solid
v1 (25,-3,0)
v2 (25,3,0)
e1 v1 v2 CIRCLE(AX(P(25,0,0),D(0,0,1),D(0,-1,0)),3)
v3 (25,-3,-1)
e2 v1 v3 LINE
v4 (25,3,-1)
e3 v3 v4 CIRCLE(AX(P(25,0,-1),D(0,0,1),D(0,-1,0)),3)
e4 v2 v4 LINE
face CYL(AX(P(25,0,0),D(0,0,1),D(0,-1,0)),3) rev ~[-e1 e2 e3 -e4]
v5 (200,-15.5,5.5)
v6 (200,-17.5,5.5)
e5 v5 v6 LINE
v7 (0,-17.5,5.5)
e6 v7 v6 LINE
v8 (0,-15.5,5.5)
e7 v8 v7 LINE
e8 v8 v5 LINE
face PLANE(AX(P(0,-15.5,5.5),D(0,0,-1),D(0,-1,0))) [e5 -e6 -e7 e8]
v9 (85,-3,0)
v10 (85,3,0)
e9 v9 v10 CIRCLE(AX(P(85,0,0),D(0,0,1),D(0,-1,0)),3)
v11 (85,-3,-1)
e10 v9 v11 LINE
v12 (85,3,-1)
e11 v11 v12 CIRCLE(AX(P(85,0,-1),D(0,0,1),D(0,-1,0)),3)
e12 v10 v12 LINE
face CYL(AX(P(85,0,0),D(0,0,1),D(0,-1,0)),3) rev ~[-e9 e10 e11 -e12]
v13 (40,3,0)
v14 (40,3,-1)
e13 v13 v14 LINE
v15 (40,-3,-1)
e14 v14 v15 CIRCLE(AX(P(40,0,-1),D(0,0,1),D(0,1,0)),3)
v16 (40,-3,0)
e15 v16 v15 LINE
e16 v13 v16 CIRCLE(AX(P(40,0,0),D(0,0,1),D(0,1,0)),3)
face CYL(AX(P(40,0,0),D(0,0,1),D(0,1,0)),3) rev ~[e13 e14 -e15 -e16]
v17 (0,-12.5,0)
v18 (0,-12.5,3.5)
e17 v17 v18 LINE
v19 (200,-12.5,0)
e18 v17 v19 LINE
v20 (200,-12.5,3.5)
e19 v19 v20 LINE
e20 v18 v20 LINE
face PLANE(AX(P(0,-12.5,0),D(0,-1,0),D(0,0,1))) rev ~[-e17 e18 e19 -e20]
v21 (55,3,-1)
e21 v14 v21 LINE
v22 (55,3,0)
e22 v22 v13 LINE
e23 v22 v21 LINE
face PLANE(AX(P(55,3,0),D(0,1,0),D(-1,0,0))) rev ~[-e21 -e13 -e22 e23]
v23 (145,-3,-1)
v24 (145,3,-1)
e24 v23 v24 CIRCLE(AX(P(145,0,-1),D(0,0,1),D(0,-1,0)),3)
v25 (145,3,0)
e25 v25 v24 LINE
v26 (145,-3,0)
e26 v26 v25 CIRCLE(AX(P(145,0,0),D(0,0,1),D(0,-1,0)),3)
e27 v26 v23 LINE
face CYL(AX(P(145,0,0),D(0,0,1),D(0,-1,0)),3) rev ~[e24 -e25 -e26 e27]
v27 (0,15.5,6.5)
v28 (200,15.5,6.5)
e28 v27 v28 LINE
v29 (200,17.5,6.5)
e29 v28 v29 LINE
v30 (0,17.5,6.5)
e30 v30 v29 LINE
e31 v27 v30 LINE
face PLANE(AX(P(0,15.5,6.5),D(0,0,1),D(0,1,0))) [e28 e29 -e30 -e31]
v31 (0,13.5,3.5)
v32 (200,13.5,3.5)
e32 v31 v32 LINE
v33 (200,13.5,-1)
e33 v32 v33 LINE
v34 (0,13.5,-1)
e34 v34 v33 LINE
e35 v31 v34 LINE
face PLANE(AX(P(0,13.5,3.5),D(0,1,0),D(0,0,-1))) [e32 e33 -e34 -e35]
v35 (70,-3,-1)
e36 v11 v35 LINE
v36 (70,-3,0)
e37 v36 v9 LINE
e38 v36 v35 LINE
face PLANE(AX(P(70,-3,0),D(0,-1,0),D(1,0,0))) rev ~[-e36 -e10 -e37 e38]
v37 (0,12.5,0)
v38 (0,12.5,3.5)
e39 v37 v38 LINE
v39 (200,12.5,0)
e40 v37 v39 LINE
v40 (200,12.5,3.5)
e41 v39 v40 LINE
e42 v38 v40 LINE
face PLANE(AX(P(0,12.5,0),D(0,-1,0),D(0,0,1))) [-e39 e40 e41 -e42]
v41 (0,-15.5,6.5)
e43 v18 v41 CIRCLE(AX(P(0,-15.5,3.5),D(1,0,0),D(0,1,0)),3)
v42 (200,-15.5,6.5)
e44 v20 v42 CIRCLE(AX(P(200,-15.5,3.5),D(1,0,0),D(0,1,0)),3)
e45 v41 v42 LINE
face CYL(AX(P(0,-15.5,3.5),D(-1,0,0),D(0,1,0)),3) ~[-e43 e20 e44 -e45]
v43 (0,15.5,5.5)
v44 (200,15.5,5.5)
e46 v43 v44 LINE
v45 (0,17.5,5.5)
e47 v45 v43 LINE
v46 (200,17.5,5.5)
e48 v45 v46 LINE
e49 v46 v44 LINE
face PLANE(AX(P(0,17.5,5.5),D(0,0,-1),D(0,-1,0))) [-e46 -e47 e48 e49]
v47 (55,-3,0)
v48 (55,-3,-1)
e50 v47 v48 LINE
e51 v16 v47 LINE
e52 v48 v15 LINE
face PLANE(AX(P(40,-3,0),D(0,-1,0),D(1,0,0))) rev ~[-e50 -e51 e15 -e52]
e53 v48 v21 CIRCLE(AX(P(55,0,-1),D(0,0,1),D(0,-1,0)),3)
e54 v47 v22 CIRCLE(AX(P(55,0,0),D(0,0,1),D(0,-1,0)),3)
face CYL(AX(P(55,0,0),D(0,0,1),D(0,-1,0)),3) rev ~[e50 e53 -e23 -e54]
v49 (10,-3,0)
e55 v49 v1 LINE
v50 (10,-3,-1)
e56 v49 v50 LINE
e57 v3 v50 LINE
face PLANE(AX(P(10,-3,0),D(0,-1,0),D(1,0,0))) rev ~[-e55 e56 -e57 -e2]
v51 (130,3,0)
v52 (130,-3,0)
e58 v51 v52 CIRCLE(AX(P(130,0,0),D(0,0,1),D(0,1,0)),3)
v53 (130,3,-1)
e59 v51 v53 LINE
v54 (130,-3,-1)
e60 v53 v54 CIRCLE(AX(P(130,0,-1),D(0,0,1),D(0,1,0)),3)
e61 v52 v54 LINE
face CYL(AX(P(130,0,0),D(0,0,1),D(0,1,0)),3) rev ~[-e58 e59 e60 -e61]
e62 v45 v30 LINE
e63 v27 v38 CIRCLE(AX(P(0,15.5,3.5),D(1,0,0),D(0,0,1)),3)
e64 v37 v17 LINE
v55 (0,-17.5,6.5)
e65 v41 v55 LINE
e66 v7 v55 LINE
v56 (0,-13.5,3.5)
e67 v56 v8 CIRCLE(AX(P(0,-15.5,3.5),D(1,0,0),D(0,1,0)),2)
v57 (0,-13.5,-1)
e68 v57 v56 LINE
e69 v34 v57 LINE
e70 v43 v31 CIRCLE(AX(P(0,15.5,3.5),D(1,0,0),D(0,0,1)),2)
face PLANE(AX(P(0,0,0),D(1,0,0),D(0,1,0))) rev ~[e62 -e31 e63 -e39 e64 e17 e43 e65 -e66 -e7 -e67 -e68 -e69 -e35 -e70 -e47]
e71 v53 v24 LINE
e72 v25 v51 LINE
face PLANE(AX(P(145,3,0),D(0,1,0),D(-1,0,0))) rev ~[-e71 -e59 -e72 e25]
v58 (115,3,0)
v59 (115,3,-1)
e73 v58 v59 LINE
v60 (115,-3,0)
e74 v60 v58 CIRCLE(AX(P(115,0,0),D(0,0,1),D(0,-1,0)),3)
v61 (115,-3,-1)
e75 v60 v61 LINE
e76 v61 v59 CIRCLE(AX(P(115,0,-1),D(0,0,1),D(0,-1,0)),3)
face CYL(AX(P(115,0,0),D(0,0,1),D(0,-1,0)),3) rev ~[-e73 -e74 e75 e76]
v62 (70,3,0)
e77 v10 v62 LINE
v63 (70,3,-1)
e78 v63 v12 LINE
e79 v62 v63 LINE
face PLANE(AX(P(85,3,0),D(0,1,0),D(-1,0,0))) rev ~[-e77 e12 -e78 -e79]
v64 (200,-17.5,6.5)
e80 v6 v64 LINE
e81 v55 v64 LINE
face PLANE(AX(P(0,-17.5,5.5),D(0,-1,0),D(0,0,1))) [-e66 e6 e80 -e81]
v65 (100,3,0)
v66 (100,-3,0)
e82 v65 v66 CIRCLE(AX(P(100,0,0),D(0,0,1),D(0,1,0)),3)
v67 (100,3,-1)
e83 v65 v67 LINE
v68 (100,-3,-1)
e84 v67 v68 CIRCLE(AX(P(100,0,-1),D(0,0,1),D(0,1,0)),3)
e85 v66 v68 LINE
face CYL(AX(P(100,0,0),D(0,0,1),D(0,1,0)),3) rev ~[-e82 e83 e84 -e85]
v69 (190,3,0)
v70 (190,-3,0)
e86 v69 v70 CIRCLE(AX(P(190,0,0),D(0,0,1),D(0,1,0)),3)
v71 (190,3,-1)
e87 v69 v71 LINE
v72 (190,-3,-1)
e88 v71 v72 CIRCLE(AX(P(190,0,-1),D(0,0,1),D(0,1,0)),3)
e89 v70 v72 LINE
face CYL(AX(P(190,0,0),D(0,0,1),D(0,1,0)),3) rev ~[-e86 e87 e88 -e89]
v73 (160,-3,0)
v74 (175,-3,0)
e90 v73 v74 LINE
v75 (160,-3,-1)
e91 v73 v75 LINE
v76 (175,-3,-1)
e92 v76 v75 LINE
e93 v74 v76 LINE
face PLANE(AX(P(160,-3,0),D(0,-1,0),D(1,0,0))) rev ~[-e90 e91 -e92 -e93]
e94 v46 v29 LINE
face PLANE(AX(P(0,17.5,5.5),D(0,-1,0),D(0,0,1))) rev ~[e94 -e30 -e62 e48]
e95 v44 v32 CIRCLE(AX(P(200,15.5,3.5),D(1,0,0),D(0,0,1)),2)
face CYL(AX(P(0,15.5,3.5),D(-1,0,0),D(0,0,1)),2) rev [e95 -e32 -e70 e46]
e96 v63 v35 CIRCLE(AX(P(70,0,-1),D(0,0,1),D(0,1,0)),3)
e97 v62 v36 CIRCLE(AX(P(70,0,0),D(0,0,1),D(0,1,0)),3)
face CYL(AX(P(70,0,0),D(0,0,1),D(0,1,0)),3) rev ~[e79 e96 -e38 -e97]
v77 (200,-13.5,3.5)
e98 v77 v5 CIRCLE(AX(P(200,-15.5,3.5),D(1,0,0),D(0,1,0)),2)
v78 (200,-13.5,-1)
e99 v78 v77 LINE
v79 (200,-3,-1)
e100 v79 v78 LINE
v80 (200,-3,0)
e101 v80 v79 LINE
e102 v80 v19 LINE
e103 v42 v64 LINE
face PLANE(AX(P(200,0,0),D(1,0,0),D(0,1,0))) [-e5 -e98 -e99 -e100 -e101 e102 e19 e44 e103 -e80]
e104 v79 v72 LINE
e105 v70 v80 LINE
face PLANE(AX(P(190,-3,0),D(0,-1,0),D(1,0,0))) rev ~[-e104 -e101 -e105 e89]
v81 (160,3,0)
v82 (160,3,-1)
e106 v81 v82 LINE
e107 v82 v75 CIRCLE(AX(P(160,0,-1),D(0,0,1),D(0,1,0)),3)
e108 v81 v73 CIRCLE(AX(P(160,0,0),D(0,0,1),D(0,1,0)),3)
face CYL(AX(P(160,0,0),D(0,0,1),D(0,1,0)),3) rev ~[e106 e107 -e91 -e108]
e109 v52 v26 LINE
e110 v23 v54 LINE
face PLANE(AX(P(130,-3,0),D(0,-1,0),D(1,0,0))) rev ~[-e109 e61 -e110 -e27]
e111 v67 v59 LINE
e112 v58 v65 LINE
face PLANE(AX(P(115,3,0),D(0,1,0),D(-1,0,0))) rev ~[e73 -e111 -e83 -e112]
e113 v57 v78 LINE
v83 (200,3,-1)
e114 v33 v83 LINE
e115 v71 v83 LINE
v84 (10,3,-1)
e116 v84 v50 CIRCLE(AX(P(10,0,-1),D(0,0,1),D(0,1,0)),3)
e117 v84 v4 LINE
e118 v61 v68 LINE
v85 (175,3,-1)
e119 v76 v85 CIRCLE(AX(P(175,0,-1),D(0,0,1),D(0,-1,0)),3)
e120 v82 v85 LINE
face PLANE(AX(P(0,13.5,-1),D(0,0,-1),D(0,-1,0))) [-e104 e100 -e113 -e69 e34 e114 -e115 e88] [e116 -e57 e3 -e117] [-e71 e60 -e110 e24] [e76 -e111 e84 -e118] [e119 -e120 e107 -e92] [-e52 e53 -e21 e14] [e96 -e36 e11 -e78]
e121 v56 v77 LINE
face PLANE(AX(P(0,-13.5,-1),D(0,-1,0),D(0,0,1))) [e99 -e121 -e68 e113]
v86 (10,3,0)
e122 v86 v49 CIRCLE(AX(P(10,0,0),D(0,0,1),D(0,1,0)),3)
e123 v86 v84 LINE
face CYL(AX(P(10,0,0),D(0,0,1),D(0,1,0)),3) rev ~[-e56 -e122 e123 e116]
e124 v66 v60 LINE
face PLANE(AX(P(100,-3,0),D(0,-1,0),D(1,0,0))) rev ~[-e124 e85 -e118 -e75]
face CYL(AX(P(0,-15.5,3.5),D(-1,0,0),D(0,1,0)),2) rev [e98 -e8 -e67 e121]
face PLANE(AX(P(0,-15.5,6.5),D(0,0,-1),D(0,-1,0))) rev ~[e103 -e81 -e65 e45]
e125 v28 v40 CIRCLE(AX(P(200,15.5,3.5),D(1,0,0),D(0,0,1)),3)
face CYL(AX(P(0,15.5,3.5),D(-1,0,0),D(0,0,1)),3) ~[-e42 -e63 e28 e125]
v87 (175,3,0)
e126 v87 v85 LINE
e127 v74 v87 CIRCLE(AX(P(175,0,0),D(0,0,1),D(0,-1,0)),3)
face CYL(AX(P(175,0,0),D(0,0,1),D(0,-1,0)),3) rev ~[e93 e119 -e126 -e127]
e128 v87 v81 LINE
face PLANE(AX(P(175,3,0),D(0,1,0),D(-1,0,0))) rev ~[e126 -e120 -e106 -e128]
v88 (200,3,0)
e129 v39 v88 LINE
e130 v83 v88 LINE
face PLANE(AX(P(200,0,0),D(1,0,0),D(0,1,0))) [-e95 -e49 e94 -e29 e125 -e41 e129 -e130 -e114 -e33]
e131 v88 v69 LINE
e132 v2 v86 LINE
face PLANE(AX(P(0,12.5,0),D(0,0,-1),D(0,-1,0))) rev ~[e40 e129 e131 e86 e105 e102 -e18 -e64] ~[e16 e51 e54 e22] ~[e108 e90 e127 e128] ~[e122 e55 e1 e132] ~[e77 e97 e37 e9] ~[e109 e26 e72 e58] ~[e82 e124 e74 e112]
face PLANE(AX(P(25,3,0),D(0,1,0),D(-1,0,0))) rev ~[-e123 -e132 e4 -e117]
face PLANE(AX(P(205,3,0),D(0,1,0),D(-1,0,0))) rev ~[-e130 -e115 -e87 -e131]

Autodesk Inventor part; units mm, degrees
ref_plane "YZ Plane" through (0, 0, 0) normal (1, 0, 0) x (0, 1, 0)
ref_plane "XZ Plane" through (0, 0, 0) normal (0, 1, 0) x (-1, 0, 0)
ref_plane "XY Plane" through (0, 0, 0) normal (0, 0, 1) x (1, 0, 0)
sketch "Sketch1" plane through (0, 0, 0) normal (1, 0, 0) x (0, 1, 0)
  line L0 (12.5, 0) -> (-12.5, 0)
  line L1 (12.5, 0) -> (12.5, 3.5)
  line L2 (15.5, 6.5) -> (17.5, 6.5)
  line L3 (-12.5, 0) -> (-12.5, 3.5)
  line L4 (-15.5, 6.5) -> (-17.5, 6.5)
  line L5 (17.5, 5.5) -> (15.5, 5.5)
  line L6 (13.5, 3.5) -> (13.5, -1)
  line L7 (13.5, -1) -> (-13.5, -1)
  line L8 (-13.5, -1) -> (-13.5, 3.5)
  line L9 (-15.5, 5.5) -> (-17.5, 5.5)
  line L10 (17.5, 5.5) -> (17.5, 6.5)
  line L11 (-17.5, 5.5) -> (-17.5, 6.5)
  arc A0 (15.5, 5.5) -> (13.5, 3.5) centre (15.5, 3.5) ccw
  arc A1 (15.5, 6.5) -> (12.5, 3.5) centre (15.5, 3.5) ccw
  arc A2 (-12.5, 3.5) -> (-15.5, 6.5) centre (-15.5, 3.5) ccw
  arc A3 (-13.5, 3.5) -> (-15.5, 5.5) centre (-15.5, 3.5) ccw
  point P0 (0, 0)
  point P1 (0, 0)
  dimension "d0" = 25
  dimension "d2" = 1
  dimension "d3" = 35
  dimension "d4" = 2
  dimension "d5" = 2
  dimension "d6" = 7.5
extrude "Extrusion1" add sketch "Sketch1" along normal blind 200
sketch "Sketch2" plane through (0, -12.5, 0) normal (0, 0, 1) x (1, 0, 0)
  line L0 (10, 12.5) -> (25, 12.5) construction
  line L1 (10, 9.5) -> (25, 9.5)
  line L2 (25, 15.5) -> (10, 15.5)
  arc A0 (10, 15.5) -> (10, 9.5) centre (10, 12.5) ccw
  arc A1 (25, 9.5) -> (25, 15.5) centre (25, 12.5) ccw
  line L3 (0, 25) -> (0, 0) projected
  point P0 (0, 12.5)
  point P1 (17.5, 12.5)
  point P2 (0, 12.5)
  dimension "d9" = 15
  dimension "d10" = 6
  dimension "d11" = 10
extrude "Extrusion2" cut sketch "Sketch2" against normal through all
pattern_linear "Rectangular Pattern1" count 10 spacing 30 along (1, 0, 0) of "Extrusion2"
equation "\"d12\" = d9"
properties part number "din_rail" material "Aluminum 6061"
